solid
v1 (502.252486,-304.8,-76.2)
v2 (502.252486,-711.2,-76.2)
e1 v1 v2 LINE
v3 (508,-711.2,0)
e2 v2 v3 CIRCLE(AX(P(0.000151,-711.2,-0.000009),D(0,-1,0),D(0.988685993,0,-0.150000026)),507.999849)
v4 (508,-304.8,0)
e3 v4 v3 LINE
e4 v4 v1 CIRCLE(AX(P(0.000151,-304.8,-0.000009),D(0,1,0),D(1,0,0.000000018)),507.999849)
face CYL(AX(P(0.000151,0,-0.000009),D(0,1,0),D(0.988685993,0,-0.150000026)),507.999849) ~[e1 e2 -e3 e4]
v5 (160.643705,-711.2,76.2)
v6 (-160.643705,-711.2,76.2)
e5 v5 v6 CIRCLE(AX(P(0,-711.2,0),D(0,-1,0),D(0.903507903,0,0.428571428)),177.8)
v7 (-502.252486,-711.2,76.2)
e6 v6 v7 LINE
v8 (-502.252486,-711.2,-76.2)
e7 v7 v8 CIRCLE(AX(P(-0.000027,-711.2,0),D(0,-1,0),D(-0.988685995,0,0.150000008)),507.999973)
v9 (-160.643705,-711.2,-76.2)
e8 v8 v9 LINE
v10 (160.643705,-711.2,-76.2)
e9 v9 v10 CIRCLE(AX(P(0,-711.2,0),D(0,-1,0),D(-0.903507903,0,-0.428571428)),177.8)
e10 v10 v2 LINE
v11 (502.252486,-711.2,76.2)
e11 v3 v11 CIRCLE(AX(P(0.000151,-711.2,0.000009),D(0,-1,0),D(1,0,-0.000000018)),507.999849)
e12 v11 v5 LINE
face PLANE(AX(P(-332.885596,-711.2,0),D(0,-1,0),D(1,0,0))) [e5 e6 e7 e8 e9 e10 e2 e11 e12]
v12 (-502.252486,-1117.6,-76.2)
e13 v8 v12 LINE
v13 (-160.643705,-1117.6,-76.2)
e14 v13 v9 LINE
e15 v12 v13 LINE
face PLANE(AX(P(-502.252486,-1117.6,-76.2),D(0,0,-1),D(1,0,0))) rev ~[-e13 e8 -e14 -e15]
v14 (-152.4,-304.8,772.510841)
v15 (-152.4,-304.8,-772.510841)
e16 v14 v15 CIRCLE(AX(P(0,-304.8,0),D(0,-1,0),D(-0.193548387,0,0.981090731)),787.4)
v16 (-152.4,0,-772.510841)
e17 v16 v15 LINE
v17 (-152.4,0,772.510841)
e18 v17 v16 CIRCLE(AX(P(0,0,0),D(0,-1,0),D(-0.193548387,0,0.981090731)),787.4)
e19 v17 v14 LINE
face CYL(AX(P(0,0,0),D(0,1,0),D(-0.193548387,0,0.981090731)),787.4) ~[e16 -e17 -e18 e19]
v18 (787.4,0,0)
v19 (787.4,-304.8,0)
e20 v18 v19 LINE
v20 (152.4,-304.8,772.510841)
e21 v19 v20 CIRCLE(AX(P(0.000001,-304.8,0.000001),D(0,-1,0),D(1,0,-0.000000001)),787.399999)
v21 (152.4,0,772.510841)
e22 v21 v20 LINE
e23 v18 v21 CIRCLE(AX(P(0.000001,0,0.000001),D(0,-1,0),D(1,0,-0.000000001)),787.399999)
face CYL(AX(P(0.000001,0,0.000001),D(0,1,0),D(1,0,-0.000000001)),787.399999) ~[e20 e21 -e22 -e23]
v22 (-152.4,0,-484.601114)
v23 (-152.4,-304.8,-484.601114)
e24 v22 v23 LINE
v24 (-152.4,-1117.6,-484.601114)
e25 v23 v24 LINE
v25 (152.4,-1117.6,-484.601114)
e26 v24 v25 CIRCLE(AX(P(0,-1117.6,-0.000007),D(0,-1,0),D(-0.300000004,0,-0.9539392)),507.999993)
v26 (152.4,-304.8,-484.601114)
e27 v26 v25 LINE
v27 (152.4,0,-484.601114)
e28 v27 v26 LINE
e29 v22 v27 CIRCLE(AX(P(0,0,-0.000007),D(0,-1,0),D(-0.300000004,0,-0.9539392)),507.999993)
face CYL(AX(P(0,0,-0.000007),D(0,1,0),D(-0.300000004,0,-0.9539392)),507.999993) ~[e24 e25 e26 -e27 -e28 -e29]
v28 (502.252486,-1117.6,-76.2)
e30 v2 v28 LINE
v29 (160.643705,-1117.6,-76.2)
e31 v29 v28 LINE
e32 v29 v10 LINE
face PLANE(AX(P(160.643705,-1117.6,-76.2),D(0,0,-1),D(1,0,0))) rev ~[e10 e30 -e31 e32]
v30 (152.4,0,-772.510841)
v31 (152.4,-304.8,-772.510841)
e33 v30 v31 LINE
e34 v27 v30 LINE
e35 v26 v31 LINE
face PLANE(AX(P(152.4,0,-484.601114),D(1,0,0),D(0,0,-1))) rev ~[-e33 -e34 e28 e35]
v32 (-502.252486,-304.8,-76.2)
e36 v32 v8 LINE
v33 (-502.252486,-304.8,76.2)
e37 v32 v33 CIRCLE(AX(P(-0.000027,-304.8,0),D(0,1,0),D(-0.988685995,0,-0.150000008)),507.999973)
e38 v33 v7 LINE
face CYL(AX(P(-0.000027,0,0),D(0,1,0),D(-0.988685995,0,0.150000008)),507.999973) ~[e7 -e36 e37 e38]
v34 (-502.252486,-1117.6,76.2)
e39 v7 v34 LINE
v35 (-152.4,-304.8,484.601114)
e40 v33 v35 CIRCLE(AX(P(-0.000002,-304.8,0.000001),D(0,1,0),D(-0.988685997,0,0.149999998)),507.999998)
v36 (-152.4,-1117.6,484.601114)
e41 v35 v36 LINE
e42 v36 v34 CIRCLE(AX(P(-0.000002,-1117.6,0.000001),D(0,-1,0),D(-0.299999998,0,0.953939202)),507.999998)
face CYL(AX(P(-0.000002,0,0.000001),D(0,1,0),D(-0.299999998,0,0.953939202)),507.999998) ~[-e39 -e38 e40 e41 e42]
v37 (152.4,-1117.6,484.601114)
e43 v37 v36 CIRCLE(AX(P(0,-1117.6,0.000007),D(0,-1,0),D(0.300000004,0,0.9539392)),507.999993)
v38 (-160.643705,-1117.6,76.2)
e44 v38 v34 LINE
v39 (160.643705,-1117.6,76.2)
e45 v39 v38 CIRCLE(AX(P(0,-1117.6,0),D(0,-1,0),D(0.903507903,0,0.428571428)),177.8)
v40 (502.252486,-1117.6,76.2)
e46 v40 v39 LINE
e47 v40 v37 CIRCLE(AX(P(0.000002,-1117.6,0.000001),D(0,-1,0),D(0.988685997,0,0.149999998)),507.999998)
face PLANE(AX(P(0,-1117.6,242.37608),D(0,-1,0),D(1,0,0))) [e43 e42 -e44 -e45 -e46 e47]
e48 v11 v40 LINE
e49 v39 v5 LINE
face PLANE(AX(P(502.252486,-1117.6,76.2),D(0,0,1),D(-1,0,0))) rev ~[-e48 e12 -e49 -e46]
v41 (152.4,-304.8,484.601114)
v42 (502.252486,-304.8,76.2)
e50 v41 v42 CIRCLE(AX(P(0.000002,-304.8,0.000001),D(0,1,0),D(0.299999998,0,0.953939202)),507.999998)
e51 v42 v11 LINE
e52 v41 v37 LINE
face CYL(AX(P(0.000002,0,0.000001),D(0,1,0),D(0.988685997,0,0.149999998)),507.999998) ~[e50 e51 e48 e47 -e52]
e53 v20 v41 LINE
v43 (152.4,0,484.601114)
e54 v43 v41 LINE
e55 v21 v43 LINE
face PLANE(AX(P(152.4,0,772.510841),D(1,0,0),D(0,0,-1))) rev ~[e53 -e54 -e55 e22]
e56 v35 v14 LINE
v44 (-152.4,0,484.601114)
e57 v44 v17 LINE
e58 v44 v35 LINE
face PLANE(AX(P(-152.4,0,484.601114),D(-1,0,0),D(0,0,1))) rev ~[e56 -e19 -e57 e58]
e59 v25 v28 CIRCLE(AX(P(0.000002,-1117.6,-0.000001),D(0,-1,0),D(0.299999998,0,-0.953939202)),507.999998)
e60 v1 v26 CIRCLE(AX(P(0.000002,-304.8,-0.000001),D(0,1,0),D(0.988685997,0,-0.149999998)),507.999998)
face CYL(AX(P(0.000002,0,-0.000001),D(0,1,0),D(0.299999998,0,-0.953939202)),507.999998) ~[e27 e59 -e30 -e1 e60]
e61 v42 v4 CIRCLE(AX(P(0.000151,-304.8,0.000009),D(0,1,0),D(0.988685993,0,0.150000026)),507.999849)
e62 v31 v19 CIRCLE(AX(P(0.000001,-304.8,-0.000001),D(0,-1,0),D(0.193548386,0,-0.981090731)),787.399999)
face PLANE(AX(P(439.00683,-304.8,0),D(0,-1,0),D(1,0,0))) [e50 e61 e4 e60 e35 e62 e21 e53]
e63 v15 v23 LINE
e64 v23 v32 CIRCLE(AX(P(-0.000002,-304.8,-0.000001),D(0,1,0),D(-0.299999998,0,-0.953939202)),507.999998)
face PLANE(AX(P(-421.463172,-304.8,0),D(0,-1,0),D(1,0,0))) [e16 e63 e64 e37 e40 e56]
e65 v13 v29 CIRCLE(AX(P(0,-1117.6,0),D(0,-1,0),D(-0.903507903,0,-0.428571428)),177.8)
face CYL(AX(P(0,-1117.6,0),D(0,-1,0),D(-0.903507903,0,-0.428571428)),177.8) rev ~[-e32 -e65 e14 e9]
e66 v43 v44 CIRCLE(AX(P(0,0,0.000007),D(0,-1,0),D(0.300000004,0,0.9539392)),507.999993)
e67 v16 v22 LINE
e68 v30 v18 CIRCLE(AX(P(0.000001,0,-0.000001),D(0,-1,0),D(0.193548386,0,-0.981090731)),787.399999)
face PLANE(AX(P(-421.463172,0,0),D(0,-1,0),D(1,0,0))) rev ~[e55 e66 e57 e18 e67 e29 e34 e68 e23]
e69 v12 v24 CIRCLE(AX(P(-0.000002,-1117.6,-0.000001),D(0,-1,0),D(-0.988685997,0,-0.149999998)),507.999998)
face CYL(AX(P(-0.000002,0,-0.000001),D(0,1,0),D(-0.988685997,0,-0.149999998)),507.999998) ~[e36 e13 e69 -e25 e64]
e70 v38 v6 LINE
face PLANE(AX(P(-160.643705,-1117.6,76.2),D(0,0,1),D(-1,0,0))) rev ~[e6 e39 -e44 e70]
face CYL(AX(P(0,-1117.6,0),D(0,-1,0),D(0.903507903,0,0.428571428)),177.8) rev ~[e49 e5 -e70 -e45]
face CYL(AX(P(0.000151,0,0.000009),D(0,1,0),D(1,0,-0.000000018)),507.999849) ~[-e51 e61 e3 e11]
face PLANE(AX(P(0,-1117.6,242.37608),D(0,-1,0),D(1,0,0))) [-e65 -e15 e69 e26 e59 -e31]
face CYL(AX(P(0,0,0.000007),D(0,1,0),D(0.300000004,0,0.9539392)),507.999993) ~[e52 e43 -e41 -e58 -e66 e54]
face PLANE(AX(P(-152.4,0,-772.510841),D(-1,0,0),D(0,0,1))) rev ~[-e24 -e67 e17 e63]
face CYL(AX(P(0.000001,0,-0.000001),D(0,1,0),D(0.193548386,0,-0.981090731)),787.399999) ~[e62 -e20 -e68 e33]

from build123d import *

# Parameters (mm, degrees)
F1_DEPTH = 1117.6
F2_DEPTH = 304.8
F4_DEPTH = 406.4


with BuildPart() as f1:
    # F0 (on Front) → F1 (new body)
    with BuildSketch(Plane.XZ):
        with BuildLine():
            ThreePointArc((502.252486, 76.2), (385.798311, 330.490035), (152.4, 484.601114))
            ThreePointArc((152.4, 484.601114), (0, 508), (-152.4, 484.601114))
            ThreePointArc((-152.4, 484.601114), (-385.798311, 330.490035), (-502.252486, 76.2))
            Line((-502.252486, 76.2), (-160.643705, 76.2))
            ThreePointArc((-160.643705, 76.2), (0, 177.8), (160.643705, 76.2))
            Line((160.643705, 76.2), (502.252486, 76.2))
        make_face()
        with BuildLine():
            Line((-160.643705, 76.2), (-502.252486, 76.2))
            ThreePointArc((-502.252486, 76.2), (-508, 0), (-502.252486, -76.2))
            Line((-502.252486, -76.2), (-160.643705, -76.2))
            ThreePointArc((-160.643705, -76.2), (-177.8, 0), (-160.643705, 76.2))
        make_face()
        with BuildLine():
            ThreePointArc((177.8, 0), (173.457907, 39.05374), (160.643705, 76.2))
            ThreePointArc((160.643705, 76.2), (0, 177.8), (-160.643705, 76.2))
            ThreePointArc((-160.643705, 76.2), (-177.8, 0), (-160.643705, -76.2))
            ThreePointArc((-160.643705, -76.2), (0, -177.8), (160.643705, -76.2))
            ThreePointArc((160.643705, -76.2), (173.457907, -39.05374), (177.8, 0))
        make_face()
        with BuildLine():
            ThreePointArc((508, 0), (506.561084, 38.208225), (502.252486, 76.2))
            Line((502.252486, 76.2), (160.643705, 76.2))
            ThreePointArc((160.643705, 76.2), (173.457907, 39.05374), (177.8, 0))
            ThreePointArc((177.8, 0), (173.457907, -39.05374), (160.643705, -76.2))
            Line((160.643705, -76.2), (502.252486, -76.2))
            ThreePointArc((502.252486, -76.2), (506.561084, -38.208225), (508, 0))
        make_face()
        with BuildLine():
            ThreePointArc((-152.4, -484.601114), (0, -508), (152.4, -484.601114))
            ThreePointArc((152.4, -484.601114), (385.798311, -330.490035), (502.252486, -76.2))
            Line((502.252486, -76.2), (160.643705, -76.2))
            ThreePointArc((160.643705, -76.2), (0, -177.8), (-160.643705, -76.2))
            Line((-160.643705, -76.2), (-502.252486, -76.2))
            ThreePointArc((-502.252486, -76.2), (-385.798311, -330.490035), (-152.4, -484.601114))
        make_face()
    extrude(amount=F1_DEPTH)

    # F0 (on Front) → F2 (join)
    with BuildSketch(Plane.XZ):
        with BuildLine():
            Line((-152.4, 484.601114), (-152.4, 772.510841))
            ThreePointArc((-152.4, 772.510841), (-787.4, 0), (-152.4, -772.510841))
            Line((-152.4, -772.510841), (-152.4, -484.601114))
            ThreePointArc((-152.4, -484.601114), (-385.798311, -330.490035), (-502.252486, -76.2))
            ThreePointArc((-502.252486, -76.2), (-508, 0), (-502.252486, 76.2))
            ThreePointArc((-502.252486, 76.2), (-385.798311, 330.490035), (-152.4, 484.601114))
        make_face()
        with BuildLine():
            ThreePointArc((152.4, -772.510841), (608.275645, -499.9995), (787.4, 0))
            ThreePointArc((787.4, 0), (608.275645, 499.9995), (152.4, 772.510841))
            Line((152.4, 772.510841), (152.4, 484.601114))
            ThreePointArc((152.4, 484.601114), (385.798311, 330.490035), (502.252486, 76.2))
            ThreePointArc((502.252486, 76.2), (506.561084, 38.208225), (508, 0))
            ThreePointArc((508, 0), (506.561084, -38.208225), (502.252486, -76.2))
            ThreePointArc((502.252486, -76.2), (385.798311, -330.490035), (152.4, -484.601114))
            Line((152.4, -484.601114), (152.4, -772.510841))
        make_face()
    extrude(amount=F2_DEPTH)

    # F3 (on face) → F4 (cut)
    with BuildSketch(Plane.XZ.offset(1117.6)):
        with BuildLine():
            ThreePointArc((-160.643705, -76.2), (-177.8, 0), (-160.643705, 76.2))
            Line((-160.643705, 76.2), (-502.252486, 76.2))
            ThreePointArc((-502.252486, 76.2), (-508, 0), (-502.252486, -76.2))
            Line((-502.252486, -76.2), (-160.643705, -76.2))
        make_face()
        with BuildLine():
            ThreePointArc((160.643705, -76.2), (173.457907, -39.05374), (177.8, 0))
            ThreePointArc((177.8, 0), (173.457907, 39.05374), (160.643705, 76.2))
            ThreePointArc((160.643705, 76.2), (0, 177.8), (-160.643705, 76.2))
            ThreePointArc((-160.643705, 76.2), (-177.8, 0), (-160.643705, -76.2))
            ThreePointArc((-160.643705, -76.2), (0, -177.8), (160.643705, -76.2))
        make_face()
        with BuildLine():
            ThreePointArc((160.643705, 76.2), (173.457907, 39.05374), (177.8, 0))
            ThreePointArc((177.8, 0), (173.457907, -39.05374), (160.643705, -76.2))
            Line((160.643705, -76.2), (502.252486, -76.2))
            ThreePointArc((502.252486, -76.2), (506.561084, -38.208225), (508, 0))
            ThreePointArc((508, 0), (506.561084, 38.208225), (502.252486, 76.2))
            Line((502.252486, 76.2), (160.643705, 76.2))
        make_face()
    extrude(amount=-F4_DEPTH, mode=Mode.SUBTRACT)


solid = f1.part
